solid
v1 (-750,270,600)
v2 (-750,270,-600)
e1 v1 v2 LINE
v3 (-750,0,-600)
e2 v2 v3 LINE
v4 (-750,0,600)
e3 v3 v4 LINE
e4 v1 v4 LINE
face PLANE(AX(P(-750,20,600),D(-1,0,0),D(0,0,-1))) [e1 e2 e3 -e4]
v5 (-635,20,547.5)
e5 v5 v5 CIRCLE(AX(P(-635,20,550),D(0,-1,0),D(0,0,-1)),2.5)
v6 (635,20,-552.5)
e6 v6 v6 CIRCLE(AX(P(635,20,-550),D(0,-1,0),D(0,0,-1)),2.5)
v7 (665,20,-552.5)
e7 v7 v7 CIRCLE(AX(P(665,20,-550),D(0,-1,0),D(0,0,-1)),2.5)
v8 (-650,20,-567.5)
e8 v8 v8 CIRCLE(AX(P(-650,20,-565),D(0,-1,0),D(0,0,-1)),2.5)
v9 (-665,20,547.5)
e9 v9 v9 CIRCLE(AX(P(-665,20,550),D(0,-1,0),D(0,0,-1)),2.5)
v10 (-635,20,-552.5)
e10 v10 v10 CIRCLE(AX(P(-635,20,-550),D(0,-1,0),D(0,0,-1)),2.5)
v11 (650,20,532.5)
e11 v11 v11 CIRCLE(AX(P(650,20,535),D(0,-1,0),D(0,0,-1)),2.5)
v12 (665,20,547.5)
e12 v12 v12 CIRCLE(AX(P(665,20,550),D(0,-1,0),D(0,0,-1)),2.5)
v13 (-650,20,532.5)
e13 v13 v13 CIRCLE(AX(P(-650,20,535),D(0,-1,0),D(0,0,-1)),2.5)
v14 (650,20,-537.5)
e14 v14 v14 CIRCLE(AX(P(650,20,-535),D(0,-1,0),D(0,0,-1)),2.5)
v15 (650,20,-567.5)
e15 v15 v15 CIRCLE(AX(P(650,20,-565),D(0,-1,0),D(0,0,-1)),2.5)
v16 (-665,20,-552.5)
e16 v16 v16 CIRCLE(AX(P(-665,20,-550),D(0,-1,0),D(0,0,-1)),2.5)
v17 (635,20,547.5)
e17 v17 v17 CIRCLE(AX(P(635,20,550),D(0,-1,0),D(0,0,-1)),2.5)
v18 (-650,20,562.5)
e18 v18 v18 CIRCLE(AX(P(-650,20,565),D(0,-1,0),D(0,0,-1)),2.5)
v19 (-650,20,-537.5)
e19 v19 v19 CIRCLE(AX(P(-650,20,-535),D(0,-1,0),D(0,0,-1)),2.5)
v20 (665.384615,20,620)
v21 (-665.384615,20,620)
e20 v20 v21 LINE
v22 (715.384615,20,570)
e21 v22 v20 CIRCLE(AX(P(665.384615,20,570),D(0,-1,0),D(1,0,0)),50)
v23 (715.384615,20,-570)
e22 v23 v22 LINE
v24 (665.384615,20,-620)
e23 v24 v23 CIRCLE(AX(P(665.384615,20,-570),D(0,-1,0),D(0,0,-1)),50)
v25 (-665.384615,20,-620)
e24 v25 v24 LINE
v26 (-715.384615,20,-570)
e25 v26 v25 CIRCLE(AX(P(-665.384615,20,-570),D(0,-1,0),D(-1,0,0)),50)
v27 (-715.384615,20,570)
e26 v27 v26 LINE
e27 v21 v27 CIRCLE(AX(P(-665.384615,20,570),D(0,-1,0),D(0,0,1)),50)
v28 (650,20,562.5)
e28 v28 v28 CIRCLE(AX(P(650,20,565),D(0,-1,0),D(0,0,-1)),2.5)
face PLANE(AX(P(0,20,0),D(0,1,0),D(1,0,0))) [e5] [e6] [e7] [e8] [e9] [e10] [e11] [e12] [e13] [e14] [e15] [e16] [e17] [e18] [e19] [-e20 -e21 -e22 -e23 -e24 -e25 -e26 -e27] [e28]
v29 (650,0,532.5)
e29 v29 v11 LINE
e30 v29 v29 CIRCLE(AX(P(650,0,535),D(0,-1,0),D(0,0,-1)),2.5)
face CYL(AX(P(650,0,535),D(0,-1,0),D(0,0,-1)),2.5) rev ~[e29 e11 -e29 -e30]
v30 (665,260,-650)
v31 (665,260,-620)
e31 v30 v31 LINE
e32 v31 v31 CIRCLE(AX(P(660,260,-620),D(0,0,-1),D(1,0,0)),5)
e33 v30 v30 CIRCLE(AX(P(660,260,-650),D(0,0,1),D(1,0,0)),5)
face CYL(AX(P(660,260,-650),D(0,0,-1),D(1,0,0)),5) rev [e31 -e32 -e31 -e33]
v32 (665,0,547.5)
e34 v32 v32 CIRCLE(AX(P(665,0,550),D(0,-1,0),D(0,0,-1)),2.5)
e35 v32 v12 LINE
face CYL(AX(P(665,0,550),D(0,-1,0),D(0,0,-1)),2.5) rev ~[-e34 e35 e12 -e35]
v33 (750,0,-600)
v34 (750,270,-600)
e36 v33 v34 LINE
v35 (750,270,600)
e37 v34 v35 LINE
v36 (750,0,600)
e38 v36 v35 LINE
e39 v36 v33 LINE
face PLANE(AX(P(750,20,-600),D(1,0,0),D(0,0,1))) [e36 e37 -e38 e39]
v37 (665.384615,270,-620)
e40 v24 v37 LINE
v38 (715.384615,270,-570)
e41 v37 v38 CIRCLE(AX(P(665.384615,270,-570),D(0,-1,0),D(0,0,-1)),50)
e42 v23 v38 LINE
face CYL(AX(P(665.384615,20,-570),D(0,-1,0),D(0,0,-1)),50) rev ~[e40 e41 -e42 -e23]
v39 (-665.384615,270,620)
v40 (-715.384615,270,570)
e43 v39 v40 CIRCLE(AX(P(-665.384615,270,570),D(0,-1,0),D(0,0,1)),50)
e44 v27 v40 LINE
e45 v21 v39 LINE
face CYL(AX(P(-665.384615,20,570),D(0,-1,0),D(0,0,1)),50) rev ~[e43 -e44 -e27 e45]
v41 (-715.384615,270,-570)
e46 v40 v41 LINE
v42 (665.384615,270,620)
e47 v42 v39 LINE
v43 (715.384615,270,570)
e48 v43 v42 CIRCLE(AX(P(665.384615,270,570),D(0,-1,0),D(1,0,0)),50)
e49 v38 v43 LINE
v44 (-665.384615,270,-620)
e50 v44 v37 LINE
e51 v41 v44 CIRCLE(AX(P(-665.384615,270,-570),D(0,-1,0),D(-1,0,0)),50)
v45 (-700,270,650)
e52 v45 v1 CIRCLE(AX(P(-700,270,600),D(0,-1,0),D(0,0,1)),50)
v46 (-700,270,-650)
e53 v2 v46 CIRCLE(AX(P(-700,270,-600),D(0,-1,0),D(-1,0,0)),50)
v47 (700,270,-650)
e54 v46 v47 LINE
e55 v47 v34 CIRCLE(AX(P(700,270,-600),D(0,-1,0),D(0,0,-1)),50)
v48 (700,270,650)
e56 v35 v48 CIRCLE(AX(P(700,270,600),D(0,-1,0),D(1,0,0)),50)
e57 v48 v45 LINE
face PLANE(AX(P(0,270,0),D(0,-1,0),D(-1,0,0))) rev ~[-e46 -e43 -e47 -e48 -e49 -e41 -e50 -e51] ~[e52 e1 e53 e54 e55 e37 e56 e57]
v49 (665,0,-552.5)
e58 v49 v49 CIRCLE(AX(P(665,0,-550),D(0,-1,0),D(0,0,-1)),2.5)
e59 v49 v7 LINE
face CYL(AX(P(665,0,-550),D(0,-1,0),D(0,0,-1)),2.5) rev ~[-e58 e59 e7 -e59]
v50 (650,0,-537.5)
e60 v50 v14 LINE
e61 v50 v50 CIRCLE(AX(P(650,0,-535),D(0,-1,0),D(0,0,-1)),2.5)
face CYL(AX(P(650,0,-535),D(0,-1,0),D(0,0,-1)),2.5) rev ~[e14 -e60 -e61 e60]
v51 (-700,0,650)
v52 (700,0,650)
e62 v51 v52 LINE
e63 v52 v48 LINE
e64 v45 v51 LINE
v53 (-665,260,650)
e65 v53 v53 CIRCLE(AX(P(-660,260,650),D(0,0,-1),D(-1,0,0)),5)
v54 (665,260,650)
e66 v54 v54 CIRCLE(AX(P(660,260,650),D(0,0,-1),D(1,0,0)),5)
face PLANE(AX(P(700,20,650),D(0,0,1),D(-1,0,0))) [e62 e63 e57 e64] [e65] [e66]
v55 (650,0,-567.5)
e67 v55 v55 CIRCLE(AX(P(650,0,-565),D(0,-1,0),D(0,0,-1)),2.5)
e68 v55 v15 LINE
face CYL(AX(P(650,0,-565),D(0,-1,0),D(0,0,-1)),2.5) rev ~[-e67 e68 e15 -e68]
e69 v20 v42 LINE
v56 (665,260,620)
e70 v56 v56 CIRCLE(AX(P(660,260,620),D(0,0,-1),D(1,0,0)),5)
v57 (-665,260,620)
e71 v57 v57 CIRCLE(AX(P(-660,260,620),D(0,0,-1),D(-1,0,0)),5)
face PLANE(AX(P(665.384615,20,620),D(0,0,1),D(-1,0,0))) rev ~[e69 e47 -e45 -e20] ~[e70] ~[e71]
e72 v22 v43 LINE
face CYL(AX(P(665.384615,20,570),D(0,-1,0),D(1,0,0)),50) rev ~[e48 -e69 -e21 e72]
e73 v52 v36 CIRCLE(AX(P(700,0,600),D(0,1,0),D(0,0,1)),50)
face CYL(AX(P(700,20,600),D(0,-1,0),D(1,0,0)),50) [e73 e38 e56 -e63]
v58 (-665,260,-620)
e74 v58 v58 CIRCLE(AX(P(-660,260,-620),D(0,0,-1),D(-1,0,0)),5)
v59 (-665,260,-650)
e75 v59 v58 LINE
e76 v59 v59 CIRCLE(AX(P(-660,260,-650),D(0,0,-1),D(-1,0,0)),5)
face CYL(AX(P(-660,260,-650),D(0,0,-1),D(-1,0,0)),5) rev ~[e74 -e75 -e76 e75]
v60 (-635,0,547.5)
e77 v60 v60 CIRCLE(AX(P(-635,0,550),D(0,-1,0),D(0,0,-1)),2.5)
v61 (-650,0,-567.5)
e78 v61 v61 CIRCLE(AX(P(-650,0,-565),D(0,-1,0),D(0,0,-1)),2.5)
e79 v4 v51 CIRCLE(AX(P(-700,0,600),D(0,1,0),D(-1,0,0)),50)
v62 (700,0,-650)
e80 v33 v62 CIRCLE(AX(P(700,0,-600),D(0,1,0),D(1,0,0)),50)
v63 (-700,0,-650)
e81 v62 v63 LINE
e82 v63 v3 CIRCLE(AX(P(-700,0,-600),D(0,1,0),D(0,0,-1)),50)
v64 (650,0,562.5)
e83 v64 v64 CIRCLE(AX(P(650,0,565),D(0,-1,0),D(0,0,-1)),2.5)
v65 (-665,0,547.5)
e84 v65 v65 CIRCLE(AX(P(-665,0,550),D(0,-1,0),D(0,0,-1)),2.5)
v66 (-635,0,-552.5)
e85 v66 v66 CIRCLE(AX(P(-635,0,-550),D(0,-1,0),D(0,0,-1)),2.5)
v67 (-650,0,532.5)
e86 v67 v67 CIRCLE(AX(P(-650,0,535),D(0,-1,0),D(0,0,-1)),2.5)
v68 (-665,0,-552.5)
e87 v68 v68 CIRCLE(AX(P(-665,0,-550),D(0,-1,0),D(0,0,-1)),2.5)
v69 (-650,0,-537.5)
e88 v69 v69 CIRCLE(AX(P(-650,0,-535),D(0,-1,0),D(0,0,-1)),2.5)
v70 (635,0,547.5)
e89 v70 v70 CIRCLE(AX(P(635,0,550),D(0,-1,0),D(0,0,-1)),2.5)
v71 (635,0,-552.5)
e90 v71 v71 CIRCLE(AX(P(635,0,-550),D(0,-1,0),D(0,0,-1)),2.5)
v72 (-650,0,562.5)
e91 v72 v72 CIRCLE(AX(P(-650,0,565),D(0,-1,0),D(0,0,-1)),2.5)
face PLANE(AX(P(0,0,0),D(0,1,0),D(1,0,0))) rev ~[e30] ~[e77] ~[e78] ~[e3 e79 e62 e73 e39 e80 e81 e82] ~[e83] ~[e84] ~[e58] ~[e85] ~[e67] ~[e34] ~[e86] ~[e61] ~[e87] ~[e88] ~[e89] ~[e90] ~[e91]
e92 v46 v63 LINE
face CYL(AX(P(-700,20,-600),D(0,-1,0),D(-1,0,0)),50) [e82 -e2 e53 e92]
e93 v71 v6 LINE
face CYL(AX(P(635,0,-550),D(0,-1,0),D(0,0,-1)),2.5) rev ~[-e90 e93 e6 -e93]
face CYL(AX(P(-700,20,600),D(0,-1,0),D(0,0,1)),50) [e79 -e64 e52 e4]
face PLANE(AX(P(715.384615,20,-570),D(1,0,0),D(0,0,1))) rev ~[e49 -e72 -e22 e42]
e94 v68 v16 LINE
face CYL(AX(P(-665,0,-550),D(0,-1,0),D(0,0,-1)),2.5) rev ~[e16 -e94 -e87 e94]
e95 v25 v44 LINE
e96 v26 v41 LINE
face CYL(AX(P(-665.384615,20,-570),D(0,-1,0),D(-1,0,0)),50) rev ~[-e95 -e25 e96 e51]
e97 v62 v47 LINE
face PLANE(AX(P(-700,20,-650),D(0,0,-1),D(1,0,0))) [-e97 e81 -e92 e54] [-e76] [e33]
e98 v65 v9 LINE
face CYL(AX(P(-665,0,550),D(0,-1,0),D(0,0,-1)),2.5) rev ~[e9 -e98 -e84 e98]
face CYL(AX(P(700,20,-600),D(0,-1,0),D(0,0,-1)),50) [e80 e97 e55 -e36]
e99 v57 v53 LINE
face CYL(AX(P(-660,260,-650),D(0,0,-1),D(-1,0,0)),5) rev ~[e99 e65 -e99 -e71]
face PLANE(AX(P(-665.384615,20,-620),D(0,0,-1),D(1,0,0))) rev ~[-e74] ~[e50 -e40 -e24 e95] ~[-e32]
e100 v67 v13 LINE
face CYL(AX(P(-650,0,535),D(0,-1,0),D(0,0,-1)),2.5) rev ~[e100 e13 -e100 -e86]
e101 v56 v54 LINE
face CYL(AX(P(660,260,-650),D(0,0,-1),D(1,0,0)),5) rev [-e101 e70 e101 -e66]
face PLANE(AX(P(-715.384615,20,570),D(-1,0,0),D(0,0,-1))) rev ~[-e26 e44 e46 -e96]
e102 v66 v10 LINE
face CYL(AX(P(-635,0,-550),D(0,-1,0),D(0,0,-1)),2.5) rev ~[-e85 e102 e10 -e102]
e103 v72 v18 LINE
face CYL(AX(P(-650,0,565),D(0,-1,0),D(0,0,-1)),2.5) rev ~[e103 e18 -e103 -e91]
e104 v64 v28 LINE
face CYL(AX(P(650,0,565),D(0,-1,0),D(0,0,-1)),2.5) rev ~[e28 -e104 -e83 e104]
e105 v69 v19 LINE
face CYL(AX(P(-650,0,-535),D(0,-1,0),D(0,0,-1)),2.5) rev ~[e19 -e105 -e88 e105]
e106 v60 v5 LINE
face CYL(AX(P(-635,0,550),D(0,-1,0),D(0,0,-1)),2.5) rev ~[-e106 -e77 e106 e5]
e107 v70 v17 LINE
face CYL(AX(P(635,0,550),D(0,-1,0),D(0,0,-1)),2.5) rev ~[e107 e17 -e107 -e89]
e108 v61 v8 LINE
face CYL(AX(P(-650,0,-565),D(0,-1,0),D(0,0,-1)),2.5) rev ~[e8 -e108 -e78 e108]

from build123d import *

# Parameters (mm, degrees)
EXTRUDE_1_DEPTH     = 20
EXTRUDE_2_DEPTH     = 250
SKETCH_3_R          = 2.5
CUT_EXTRUDE_1_DEPTH = 250
SKETCH_4_R          = 5
CUT_EXTRUDE_2_DEPTH = 1500


with BuildPart() as part:
    # Эскиз1 → Бобышка-Вытянуть1 (new body)
    with BuildSketch(Plane(origin=(0, 0, 0), x_dir=(1, 0, 0), z_dir=(0, 1, 0))):
        with BuildLine():
            Line((-700, -650), (700, -650))
            ThreePointArc((700, -650), (735.355339059, -635.355339059), (750, -600))
            Line((750, -600), (750, 600))
            ThreePointArc((750, 600), (735.355339059, 635.355339059), (700, 650))
            Line((700, 650), (-700, 650))
            ThreePointArc((-700, 650), (-735.355339059, 635.355339059), (-750, 600))
            Line((-750, 600), (-750, -600))
            ThreePointArc((-750, -600), (-735.355339059, -635.355339059), (-700, -650))
        make_face()
    extrude(amount=EXTRUDE_1_DEPTH)

    # Эскиз2 → Бобышка-Вытянуть2 (add)
    with BuildSketch(Plane(origin=(0, 20, 0), x_dir=(1, 0, 0), z_dir=(0, 1, 0))):
        with BuildLine():
            Line((700, -650), (-700, -650))
            ThreePointArc((-700, -650), (-735.355339059, -635.355339059), (-750, -600))
            Line((-750, -600), (-750, 600))
            ThreePointArc((-750, 600), (-735.355339059, 635.355339059), (-700, 650))
            Line((-700, 650), (700, 650))
            ThreePointArc((700, 650), (735.355339059, 635.355339059), (750, 600))
            Line((750, 600), (750, -600))
            ThreePointArc((750, -600), (735.355339059, -635.355339059), (700, -650))
        make_face()
        with BuildLine():
            Line((665.384615385, -620), (-665.384615385, -620))
            ThreePointArc((-665.384615385, -620), (-700.739954444, -605.355339059), (-715.384615385, -570))
            Line((-715.384615385, -570), (-715.384615385, 570))
            ThreePointArc((-715.384615385, 570), (-700.739954444, 605.355339059), (-665.384615385, 620))
            Line((-665.384615385, 620), (665.384615385, 620))
            ThreePointArc((665.384615385, 620), (700.739954444, 605.355339059), (715.384615385, 570))
            Line((715.384615385, 570), (715.384615385, -570))
            ThreePointArc((715.384615385, -570), (700.739954444, -605.355339059), (665.384615385, -620))
        make_face(mode=Mode.SUBTRACT)
    extrude(amount=EXTRUDE_2_DEPTH)

    # Эскиз3 → Вырез-Вытянуть1 (cut)
    with BuildSketch(Plane.XZ):
        with Locations(Location((-650, -565, 0), (0, 0, 270))):
            Circle(SKETCH_3_R)
        with Locations(Location((-650, 565, 0), (0, 0, 270))):
            Circle(SKETCH_3_R)
        with Locations(Location((-665, 550, 0), (0, 0, 270))):
            Circle(SKETCH_3_R)
        with Locations(Location((-635, 550, 0), (0, 0, 270))):
            Circle(SKETCH_3_R)
        with Locations(Location((-650, 535, 0), (0, 0, 270))):
            Circle(SKETCH_3_R)
        with Locations(Location((665, 550, 0), (0, 0, 270))):
            Circle(SKETCH_3_R)
        with Locations(Location((650, 565, 0), (0, 0, 270))):
            Circle(SKETCH_3_R)
        with Locations(Location((635, 550, 0), (0, 0, 270))):
            Circle(SKETCH_3_R)
        with Locations(Location((650, 535, 0), (0, 0, 270))):
            Circle(SKETCH_3_R)
        with Locations(Location((650, -535, 0), (0, 0, 270))):
            Circle(SKETCH_3_R)
        with Locations(Location((635, -550, 0), (0, 0, 270))):
            Circle(SKETCH_3_R)
        with Locations(Location((665, -550, 0), (0, 0, 270))):
            Circle(SKETCH_3_R)
        with Locations(Location((650, -565, 0), (0, 0, 270))):
            Circle(SKETCH_3_R)
        with Locations(Location((-650, -535, 0), (0, 0, 270))):
            Circle(SKETCH_3_R)
        with Locations(Location((-665, -550, 0), (0, 0, 270))):
            Circle(SKETCH_3_R)
        with Locations(Location((-635, -550, 0), (0, 0, 270))):
            Circle(SKETCH_3_R)
    extrude(amount=-CUT_EXTRUDE_1_DEPTH, mode=Mode.SUBTRACT)

    # Эскиз4 → Вырез-Вытянуть2 (cut)
    with BuildSketch(Plane(origin=(0, 0, -650), x_dir=(-1, 0, 0), z_dir=(0, 0, -1))):
        with Locations((660, 260)):
            Circle(SKETCH_4_R)
    cut_extrude_2 = extrude(amount=-CUT_EXTRUDE_2_DEPTH, mode=Mode.SUBTRACT)

    # Зеркальное отражение1: Вырез-Вытянуть2 across plane
    add(cut_extrude_2.mirror(Plane.ZY), mode=Mode.SUBTRACT)


solid = part.part
